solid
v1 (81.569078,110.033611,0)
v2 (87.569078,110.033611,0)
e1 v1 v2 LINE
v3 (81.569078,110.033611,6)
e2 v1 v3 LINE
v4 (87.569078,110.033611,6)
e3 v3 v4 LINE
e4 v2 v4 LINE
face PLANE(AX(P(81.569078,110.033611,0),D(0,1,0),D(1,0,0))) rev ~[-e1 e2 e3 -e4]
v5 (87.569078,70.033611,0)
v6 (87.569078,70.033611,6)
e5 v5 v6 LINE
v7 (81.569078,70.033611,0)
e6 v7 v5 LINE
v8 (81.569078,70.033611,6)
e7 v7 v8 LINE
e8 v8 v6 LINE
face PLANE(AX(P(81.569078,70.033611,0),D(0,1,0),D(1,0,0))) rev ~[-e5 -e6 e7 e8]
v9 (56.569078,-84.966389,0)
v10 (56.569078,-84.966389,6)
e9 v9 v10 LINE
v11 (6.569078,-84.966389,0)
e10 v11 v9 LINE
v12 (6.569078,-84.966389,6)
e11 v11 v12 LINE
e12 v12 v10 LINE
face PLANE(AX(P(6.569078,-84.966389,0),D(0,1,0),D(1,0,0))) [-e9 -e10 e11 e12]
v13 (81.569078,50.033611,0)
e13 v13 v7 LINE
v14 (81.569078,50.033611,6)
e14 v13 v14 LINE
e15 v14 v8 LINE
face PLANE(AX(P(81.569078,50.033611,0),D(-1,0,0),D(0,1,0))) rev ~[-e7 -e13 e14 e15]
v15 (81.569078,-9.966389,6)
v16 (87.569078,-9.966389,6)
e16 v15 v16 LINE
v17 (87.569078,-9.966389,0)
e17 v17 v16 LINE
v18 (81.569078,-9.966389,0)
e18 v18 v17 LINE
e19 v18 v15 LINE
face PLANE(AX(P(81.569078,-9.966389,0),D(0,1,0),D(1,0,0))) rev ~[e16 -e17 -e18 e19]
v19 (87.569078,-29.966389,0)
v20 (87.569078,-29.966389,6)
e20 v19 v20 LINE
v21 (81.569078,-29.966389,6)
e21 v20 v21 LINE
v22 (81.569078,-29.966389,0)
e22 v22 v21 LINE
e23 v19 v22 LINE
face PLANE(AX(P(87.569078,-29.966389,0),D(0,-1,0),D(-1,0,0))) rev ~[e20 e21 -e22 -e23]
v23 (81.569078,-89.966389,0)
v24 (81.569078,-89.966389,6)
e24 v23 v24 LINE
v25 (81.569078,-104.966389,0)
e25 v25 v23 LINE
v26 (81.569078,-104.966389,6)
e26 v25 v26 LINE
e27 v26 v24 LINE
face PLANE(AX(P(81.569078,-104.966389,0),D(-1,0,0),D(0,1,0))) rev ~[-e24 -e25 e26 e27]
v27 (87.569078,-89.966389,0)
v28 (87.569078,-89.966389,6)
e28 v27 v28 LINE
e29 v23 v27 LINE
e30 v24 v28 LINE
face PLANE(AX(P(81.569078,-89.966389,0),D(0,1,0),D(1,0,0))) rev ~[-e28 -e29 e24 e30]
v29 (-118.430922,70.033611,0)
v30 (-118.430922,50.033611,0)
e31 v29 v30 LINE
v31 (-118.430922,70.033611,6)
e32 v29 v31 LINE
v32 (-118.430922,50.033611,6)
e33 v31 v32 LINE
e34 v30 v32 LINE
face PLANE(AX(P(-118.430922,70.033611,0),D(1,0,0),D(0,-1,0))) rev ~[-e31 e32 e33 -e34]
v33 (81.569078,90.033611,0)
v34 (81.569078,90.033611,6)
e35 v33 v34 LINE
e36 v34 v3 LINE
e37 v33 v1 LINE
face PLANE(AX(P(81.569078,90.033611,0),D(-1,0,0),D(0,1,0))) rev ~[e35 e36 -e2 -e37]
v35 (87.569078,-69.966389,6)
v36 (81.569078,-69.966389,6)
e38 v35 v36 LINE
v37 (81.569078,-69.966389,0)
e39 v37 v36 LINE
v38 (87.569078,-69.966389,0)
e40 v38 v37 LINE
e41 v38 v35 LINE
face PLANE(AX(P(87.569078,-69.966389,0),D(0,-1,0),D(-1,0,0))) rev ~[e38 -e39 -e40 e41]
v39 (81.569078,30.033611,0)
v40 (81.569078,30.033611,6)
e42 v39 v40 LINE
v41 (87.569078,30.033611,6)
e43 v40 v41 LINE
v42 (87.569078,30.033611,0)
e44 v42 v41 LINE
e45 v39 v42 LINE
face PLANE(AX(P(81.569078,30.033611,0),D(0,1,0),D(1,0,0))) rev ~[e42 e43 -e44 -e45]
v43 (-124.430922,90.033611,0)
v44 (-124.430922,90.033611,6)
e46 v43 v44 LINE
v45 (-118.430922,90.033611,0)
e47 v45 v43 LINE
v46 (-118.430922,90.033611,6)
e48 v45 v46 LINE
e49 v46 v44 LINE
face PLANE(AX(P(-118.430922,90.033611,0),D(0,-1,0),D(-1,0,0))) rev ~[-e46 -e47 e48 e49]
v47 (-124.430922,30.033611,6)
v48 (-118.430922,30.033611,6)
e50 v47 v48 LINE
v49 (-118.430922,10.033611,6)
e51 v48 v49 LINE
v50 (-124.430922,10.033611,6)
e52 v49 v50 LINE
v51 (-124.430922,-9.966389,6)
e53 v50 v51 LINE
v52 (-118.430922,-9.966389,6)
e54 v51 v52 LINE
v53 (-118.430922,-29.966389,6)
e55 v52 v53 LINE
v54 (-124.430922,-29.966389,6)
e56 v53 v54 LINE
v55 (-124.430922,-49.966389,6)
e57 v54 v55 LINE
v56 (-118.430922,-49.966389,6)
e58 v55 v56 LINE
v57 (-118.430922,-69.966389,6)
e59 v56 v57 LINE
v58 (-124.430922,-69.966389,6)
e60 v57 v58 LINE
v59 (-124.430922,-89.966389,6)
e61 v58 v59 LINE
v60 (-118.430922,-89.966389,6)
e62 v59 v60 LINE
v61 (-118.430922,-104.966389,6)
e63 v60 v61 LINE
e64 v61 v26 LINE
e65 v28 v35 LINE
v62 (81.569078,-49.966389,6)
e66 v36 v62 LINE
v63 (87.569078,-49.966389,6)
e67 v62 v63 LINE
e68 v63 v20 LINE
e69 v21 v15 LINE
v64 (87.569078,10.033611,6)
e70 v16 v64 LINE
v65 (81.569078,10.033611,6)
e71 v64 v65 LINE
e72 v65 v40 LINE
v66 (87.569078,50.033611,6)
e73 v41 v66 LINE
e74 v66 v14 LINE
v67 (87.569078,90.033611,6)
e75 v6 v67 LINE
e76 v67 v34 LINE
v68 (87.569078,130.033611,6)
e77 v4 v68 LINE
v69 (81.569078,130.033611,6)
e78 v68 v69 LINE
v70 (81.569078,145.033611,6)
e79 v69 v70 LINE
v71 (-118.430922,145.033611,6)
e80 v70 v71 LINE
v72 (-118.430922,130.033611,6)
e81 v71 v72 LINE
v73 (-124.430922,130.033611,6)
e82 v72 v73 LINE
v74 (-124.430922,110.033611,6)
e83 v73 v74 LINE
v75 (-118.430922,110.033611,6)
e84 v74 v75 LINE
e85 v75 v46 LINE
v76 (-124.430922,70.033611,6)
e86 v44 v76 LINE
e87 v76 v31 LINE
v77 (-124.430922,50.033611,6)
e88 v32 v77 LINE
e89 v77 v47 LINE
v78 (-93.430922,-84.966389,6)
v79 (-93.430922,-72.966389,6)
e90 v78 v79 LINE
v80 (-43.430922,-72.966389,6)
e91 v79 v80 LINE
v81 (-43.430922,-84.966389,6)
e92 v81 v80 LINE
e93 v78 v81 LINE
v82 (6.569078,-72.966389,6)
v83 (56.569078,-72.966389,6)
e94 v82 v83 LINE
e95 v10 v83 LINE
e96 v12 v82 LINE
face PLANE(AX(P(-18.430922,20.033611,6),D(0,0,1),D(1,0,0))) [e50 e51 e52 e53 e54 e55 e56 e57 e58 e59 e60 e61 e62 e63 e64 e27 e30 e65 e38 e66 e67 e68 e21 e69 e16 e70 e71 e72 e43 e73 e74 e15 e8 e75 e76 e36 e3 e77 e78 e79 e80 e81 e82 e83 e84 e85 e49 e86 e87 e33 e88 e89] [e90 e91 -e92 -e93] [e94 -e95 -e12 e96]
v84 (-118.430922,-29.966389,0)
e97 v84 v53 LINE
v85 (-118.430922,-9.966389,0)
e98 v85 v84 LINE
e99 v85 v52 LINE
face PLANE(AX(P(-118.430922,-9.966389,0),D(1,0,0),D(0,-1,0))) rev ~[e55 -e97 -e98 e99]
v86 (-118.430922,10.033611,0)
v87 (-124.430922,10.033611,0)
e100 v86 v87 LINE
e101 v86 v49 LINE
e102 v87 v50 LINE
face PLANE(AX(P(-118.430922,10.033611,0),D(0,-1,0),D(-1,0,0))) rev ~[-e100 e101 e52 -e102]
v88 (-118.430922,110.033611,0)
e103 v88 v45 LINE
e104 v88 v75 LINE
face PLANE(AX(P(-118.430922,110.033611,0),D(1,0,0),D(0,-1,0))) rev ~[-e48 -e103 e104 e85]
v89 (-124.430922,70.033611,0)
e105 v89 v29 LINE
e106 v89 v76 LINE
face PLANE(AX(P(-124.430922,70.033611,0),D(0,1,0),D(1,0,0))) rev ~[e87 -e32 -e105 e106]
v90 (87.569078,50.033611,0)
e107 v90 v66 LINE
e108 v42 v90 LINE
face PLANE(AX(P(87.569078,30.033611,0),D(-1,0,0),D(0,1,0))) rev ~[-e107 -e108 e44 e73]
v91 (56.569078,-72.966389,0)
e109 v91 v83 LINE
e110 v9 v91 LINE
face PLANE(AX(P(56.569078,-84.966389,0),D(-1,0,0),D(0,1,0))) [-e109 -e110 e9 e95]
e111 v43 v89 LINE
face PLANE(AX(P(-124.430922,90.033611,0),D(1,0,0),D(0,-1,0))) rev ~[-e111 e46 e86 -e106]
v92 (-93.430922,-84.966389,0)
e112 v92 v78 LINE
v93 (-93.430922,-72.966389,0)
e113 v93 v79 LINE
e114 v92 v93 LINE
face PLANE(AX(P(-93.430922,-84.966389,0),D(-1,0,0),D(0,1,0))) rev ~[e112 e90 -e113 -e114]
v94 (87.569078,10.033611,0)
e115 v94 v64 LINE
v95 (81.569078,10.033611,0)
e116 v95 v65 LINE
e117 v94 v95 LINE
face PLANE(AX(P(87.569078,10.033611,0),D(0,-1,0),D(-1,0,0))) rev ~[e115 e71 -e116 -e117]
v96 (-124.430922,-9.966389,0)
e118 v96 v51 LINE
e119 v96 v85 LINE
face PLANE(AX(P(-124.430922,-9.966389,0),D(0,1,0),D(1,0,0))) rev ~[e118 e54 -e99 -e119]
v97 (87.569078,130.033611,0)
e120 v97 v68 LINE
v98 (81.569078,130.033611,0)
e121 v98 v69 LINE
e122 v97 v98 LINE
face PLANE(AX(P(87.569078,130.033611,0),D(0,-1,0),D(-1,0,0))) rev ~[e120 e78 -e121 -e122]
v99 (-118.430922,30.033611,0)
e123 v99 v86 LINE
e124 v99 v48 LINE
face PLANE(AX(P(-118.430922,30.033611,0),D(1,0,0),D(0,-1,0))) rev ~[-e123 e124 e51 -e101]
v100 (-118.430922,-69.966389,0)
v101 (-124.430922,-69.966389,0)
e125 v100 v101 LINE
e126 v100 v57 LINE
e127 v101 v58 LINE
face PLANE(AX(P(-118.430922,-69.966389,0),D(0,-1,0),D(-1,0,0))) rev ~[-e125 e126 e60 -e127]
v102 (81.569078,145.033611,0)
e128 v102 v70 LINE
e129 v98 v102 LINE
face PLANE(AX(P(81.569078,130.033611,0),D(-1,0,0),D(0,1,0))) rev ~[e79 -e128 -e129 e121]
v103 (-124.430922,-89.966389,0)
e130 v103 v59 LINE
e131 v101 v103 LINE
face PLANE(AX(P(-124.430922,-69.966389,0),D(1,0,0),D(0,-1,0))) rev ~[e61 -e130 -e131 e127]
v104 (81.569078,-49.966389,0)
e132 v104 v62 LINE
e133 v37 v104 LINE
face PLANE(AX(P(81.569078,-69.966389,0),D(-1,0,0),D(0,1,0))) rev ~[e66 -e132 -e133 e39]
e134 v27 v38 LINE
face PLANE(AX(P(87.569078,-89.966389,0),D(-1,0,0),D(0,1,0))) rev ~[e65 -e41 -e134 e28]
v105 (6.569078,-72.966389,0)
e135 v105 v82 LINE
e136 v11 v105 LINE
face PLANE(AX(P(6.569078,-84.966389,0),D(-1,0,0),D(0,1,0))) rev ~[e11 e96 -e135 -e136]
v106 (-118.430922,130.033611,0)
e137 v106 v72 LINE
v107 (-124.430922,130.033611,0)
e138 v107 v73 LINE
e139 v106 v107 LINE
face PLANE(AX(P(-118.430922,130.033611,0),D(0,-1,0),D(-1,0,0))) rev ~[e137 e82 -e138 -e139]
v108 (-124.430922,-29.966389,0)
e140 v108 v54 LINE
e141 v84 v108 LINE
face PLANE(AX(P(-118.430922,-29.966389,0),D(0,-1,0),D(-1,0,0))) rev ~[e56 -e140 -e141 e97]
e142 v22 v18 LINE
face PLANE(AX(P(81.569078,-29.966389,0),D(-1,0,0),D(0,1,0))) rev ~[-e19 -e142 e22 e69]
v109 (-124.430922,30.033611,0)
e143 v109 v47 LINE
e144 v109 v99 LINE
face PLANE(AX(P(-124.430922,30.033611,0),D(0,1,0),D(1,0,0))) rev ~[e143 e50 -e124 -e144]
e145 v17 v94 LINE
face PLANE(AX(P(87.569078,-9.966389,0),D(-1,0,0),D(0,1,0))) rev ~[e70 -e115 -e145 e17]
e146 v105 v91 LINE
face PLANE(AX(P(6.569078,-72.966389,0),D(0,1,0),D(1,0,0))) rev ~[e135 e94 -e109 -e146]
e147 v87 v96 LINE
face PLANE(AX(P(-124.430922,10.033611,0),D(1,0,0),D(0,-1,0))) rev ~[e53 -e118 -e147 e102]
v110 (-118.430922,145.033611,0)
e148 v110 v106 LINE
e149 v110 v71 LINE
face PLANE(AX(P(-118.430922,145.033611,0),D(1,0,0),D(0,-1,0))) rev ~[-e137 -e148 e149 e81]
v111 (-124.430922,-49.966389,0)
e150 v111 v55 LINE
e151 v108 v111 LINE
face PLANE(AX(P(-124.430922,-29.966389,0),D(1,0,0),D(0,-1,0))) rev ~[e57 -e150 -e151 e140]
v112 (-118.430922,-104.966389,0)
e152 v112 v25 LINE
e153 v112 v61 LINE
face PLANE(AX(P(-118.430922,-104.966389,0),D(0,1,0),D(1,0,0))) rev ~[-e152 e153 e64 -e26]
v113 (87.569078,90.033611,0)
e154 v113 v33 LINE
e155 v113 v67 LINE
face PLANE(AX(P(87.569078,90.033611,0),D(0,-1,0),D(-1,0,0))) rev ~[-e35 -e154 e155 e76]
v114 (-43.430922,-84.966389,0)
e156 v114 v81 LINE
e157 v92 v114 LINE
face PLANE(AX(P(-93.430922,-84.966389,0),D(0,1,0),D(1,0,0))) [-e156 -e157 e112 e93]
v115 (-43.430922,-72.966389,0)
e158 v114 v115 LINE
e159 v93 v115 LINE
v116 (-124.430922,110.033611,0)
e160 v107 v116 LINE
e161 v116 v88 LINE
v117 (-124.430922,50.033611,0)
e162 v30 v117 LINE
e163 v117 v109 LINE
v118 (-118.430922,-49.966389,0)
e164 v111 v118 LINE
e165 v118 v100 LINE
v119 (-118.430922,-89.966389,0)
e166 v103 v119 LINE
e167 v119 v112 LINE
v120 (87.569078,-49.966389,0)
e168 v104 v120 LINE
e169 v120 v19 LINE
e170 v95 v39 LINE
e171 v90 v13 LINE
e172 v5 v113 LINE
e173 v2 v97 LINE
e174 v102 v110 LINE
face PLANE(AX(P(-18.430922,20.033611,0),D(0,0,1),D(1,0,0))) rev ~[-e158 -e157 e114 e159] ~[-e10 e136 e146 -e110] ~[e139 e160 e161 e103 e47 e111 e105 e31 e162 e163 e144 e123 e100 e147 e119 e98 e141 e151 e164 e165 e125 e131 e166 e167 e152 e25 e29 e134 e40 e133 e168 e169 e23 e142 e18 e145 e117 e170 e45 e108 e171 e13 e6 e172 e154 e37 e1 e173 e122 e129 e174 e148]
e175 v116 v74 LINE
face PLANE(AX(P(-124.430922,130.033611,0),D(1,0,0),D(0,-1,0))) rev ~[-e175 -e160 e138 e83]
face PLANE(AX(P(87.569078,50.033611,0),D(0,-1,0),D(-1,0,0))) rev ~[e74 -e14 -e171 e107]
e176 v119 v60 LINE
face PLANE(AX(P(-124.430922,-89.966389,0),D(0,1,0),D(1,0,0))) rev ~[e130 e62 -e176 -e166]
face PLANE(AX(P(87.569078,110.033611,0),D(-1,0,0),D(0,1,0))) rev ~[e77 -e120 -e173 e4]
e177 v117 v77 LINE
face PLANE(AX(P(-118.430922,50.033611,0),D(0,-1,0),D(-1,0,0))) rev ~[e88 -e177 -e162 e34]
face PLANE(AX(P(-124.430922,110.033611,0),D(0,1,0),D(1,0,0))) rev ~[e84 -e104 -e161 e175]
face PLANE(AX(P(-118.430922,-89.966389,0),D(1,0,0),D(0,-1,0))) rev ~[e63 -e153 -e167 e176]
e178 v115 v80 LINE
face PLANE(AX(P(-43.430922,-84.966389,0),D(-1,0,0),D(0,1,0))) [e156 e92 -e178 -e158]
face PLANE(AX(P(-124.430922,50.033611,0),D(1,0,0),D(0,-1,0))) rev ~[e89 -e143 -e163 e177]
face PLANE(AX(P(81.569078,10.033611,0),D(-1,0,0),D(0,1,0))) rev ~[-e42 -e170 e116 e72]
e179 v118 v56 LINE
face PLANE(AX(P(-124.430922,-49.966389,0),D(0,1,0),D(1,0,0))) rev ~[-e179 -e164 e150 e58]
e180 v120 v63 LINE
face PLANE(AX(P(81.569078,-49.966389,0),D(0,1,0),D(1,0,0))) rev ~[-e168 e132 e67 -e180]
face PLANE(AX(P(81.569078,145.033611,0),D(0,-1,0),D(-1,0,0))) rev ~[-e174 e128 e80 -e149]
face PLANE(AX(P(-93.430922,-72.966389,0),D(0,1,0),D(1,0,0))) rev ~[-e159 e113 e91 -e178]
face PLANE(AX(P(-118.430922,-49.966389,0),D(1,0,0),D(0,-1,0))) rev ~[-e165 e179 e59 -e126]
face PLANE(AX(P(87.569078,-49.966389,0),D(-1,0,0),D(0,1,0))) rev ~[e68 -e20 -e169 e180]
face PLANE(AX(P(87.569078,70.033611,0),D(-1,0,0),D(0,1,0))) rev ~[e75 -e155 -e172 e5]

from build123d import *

# Parameters (mm, degrees)
SKETCH_1_W      = 50
SKETCH_1_H      = 12
EXTRUDE_1_DEPTH = 6


with BuildPart() as part:
    # 草图1 → 凸台-拉伸1 (new body)
    with BuildSketch(Plane.XY):
        Polygon((-118.430922138, 110.033611019), (-118.430922138, 90.033611019), (-124.430922138, 90.033611019), (-124.430922138, 70.033611019), (-118.430922138, 70.033611019), (-118.430922138, 50.033611019), (-124.430922138, 50.033611019), (-124.430922138, 30.033611019), (-118.430922138, 30.033611019), (-118.430922138, 10.033611019), (-124.430922138, 10.033611019), (-124.430922138, -9.966388981), (-118.430922138, -9.966388981), (-118.430922138, -29.966388981), (-124.430922138, -29.966388981), (-124.430922138, -49.966388981), (-118.430922138, -49.966388981), (-118.430922138, -69.966388981), (-124.430922138, -69.966388981), (-124.430922138, -89.966388981), (-118.430922138, -89.966388981), (-118.430922138, -104.966388981), (81.569077862, -104.966388981), (81.569077862, -89.966388981), (87.569077862, -89.966388981), (87.569077862, -69.966388981), (81.569077862, -69.966388981), (81.569077862, -49.966388981), (87.569077862, -49.966388981), (87.569077862, -29.966388981), (81.569077862, -29.966388981), (81.569077862, -9.966388981), (87.569077862, -9.966388981), (87.569077862, 10.033611019), (81.569077862, 10.033611019), (81.569077862, 30.033611019), (87.569077862, 30.033611019), (87.569077862, 50.033611019), (81.569077862, 50.033611019), (81.569077862, 70.033611019), (87.569077862, 70.033611019), (87.569077862, 90.033611019), (81.569077862, 90.033611019), (81.569077862, 110.033611019), (87.569077862, 110.033611019), (87.569077862, 130.033611019), (81.569077862, 130.033611019), (81.569077862, 145.033611019), (-118.430922138, 145.033611019), (-118.430922138, 130.033611019), (-124.430922138, 130.033611019), (-124.430922138, 110.033611019), align=None)
        with Locations((-68.430922138, -78.966388981)):
            Rectangle(SKETCH_1_W, SKETCH_1_H, mode=Mode.SUBTRACT)
        with Locations((31.569077862, -78.966388981)):
            Rectangle(SKETCH_1_W, SKETCH_1_H, mode=Mode.SUBTRACT)
    extrude(amount=EXTRUDE_1_DEPTH)


solid = part.part
